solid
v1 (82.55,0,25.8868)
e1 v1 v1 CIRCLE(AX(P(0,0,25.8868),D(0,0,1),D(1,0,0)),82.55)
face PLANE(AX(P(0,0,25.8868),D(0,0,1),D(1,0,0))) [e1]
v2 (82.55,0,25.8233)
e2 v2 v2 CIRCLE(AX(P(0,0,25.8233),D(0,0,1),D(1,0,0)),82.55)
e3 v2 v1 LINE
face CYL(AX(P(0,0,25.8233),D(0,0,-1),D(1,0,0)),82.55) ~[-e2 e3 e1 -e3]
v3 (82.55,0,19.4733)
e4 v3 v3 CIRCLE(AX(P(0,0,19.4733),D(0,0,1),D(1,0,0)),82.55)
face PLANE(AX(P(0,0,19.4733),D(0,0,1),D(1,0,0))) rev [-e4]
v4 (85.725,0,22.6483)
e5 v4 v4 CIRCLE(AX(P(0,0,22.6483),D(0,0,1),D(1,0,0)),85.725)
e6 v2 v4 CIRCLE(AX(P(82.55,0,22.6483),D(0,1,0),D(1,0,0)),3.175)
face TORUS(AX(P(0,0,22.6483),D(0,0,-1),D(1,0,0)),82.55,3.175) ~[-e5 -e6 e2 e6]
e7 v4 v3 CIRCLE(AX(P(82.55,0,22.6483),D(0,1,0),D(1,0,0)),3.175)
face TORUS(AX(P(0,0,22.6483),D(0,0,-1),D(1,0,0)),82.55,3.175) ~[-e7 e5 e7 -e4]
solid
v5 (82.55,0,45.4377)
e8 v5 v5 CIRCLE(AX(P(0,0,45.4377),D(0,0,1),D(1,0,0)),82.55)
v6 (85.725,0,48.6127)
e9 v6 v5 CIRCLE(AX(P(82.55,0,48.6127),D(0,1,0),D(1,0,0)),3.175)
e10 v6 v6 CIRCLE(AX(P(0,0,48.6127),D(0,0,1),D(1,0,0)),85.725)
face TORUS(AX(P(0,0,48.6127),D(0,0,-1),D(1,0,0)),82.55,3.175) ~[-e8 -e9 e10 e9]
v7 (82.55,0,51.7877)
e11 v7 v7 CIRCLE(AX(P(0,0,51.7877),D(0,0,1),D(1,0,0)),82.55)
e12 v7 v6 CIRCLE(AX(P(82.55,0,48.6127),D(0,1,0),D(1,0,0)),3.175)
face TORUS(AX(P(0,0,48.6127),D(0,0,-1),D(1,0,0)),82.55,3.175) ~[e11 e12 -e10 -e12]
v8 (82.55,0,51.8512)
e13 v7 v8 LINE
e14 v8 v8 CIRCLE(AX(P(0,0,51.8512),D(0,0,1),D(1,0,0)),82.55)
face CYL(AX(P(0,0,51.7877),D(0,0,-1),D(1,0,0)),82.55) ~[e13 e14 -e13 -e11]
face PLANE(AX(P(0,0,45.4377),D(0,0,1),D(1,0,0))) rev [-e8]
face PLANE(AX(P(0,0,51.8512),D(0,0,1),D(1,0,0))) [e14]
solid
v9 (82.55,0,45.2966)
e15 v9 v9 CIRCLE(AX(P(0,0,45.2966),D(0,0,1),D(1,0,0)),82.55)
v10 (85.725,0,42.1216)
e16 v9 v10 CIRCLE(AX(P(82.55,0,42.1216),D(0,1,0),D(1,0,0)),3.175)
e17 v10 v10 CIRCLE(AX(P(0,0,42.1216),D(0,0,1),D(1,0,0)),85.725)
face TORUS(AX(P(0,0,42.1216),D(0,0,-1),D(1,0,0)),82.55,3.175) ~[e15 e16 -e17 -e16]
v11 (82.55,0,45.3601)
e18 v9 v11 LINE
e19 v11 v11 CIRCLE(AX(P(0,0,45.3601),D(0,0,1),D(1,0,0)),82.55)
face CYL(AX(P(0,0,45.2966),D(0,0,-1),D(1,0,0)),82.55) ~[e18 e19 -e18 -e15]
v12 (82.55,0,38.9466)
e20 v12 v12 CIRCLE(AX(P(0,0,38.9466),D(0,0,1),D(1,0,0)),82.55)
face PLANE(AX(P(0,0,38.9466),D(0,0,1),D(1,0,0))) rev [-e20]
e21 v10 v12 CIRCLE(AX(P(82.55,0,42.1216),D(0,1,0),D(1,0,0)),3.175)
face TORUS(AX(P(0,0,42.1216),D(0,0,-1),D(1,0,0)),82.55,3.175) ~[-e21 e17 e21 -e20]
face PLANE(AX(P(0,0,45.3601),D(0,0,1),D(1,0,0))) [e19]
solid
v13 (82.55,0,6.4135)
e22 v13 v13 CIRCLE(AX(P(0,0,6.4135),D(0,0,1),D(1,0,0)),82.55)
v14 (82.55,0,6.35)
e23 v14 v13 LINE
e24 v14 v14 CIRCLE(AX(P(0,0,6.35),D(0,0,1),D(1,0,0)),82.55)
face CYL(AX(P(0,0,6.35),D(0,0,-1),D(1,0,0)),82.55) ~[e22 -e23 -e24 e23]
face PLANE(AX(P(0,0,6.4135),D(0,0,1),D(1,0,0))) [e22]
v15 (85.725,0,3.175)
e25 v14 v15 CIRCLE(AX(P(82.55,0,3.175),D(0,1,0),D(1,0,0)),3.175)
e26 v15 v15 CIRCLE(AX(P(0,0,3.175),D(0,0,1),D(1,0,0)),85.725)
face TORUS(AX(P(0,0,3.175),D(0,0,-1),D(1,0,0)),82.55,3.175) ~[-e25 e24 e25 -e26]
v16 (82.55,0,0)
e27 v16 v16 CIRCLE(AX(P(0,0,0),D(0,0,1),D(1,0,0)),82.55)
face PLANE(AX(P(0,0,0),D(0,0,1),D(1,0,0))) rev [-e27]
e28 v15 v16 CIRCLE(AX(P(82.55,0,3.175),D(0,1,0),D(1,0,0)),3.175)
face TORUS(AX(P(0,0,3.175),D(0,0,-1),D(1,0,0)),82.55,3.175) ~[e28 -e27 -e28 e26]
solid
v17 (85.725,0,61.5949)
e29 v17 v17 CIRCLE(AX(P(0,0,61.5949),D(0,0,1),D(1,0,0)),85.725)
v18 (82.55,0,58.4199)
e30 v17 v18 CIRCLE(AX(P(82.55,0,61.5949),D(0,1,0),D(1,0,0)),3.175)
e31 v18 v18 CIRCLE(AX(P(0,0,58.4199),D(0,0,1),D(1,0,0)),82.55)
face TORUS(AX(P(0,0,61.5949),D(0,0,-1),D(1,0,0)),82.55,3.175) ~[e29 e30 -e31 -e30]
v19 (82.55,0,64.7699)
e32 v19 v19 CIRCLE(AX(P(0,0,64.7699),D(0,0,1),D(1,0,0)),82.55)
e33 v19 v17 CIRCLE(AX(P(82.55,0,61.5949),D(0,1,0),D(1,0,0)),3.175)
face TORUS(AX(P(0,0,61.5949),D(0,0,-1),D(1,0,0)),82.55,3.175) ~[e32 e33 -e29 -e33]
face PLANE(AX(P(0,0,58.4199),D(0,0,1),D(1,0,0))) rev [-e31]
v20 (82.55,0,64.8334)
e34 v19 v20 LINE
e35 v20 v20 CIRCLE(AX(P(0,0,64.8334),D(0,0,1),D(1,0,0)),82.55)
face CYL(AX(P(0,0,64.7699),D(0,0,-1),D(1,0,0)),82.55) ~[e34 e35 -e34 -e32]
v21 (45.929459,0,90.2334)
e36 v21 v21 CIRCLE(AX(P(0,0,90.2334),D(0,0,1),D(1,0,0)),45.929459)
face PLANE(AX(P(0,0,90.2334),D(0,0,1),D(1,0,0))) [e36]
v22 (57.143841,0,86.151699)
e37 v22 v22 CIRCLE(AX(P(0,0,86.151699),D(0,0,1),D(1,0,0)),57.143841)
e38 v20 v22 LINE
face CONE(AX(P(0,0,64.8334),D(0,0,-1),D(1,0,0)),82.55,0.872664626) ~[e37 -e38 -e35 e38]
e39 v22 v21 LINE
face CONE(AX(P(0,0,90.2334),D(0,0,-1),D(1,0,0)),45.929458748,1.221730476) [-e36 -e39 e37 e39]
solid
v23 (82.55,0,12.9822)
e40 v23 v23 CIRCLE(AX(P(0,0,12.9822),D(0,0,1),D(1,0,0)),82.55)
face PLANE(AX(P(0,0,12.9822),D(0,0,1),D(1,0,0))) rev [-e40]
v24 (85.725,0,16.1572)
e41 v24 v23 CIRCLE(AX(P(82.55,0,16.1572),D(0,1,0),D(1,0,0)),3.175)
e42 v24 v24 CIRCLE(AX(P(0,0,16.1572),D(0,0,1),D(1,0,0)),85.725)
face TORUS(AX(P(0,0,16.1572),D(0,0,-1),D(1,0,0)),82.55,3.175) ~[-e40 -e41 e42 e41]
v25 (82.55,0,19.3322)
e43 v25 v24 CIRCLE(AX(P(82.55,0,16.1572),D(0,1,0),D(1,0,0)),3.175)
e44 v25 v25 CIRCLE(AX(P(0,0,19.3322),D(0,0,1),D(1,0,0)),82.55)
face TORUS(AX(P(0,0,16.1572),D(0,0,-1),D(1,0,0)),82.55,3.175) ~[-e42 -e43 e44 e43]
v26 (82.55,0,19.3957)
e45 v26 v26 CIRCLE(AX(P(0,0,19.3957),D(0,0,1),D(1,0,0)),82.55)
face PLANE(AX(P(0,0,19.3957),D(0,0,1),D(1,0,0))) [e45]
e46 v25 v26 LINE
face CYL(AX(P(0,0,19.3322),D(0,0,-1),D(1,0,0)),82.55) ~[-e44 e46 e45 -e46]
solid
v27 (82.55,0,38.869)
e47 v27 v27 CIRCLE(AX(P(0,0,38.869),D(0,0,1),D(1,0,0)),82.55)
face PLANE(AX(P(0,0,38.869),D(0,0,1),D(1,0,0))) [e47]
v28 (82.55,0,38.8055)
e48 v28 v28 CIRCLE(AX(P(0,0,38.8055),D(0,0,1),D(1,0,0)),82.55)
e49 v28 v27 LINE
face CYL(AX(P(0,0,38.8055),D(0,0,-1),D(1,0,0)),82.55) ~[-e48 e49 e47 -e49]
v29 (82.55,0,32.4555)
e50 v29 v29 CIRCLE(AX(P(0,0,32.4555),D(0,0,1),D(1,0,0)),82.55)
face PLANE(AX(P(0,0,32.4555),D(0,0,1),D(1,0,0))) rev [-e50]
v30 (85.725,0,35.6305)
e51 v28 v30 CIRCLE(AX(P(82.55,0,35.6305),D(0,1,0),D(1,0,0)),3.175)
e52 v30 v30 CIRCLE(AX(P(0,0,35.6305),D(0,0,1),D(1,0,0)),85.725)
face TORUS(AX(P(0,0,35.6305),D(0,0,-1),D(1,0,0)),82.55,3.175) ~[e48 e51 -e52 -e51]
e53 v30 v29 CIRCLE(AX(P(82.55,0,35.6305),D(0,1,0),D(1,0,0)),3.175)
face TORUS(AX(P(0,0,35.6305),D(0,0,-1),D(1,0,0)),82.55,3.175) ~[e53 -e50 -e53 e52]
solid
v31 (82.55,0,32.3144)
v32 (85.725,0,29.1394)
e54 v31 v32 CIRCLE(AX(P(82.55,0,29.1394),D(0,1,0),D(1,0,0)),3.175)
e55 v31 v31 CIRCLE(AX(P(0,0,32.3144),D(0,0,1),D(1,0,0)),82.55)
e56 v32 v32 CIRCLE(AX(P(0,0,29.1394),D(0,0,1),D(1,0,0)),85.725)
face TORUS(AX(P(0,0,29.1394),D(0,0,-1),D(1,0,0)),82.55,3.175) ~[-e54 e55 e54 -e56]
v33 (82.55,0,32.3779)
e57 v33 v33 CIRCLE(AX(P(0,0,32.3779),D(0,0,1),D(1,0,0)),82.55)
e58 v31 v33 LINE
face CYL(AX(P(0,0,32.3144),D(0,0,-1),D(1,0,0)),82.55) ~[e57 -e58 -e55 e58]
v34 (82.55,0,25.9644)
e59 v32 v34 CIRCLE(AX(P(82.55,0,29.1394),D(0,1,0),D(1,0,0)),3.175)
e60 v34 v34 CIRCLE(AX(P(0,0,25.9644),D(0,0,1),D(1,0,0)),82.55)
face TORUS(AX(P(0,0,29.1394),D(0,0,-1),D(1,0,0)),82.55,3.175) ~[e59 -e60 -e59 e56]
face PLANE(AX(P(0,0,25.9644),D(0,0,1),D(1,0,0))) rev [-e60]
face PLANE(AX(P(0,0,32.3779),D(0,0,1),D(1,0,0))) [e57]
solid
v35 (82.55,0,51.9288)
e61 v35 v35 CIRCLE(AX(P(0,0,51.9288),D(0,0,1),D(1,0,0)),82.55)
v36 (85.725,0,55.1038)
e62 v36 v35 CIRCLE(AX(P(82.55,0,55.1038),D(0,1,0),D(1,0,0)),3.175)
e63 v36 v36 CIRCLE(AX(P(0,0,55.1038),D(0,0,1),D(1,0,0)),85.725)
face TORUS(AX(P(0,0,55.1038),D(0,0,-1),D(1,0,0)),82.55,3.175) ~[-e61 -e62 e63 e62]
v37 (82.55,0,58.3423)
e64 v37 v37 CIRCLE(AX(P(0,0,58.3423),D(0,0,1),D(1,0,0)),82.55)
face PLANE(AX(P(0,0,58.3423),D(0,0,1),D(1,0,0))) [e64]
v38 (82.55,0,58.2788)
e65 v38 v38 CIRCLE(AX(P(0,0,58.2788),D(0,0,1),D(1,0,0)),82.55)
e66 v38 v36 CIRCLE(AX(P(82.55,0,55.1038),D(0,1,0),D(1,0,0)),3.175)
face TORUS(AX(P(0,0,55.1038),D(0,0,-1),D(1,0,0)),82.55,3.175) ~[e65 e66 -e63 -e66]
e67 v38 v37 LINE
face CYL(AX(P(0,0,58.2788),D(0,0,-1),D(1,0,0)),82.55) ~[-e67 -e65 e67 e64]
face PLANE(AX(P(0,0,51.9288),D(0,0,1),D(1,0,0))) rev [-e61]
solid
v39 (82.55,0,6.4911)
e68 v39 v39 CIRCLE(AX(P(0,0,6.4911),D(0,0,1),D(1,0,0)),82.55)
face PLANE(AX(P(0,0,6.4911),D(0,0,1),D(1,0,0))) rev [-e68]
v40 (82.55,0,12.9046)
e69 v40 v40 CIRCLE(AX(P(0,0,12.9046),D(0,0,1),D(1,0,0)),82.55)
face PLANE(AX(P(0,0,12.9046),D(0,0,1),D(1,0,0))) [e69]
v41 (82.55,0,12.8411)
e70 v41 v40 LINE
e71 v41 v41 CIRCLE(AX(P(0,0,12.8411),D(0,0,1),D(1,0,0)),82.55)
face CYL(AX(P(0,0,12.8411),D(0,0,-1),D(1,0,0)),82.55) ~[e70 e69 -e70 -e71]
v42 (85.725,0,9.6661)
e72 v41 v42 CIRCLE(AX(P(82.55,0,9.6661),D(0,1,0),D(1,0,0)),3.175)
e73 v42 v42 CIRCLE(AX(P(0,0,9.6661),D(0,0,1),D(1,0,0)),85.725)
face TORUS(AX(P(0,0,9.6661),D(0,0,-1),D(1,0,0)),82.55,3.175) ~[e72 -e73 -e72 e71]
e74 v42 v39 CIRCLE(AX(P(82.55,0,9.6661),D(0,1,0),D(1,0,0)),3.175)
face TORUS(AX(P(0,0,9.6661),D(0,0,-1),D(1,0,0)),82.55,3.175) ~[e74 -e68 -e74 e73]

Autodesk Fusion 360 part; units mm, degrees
sketch "Sketch1" plane through (0, 0, 0) normal (0, 1, 0) x (1, 0, 0)
  line L0 (0, 0) -> (82.55, 0)
  line L1 (82.55, 0) -> (82.55, -6.35)
  line L2 (82.55, -6.35) -> (0, -6.35)
  line L3 (0, -6.35) -> (0, 0)
  circle A0 centre (82.55, -3.175) radius 3.175
revolve "Revolve1" add sketch "Sketch1" angle 360 about axis through (0, 0, 1.75) along (0, 0, 1) makes body 1
extrude "Extrude1" add 1 faces at (-14.0657, -19.729, 6.35) along direction (0, 0, 1) blind 0.0635 on bodies 1 bodies 1
pattern_linear "R-Pattern1" count 10 spacing 6.4911 along (0, 0, 1) of bodies 1 makes body 2 at (-14.0657, -19.729, 12.9046) makes body 3 at (-14.0657, -19.729, 19.3957) makes body 4 at (-14.0657, -19.729, 25.8868) makes body 5 at (-14.0657, -19.729, 32.3779) makes body 6 at (-14.0657, -19.729, 38.8691) makes body 7 at (-14.0657, -19.729, 45.3602) makes body 8 at (-14.0657, -19.729, 51.8513) makes body 9 at (-14.0657, -19.729, 58.3424) makes body 10 at (-14.0657, -19.729, 64.8335)
extrude "Extrude2" add 1 faces at (-14.0657, -19.729, 64.8335) along direction (0, 0, 1) blind 25.4 draft -50 on bodies 10 bodies 10
chamfer "Chamfer1" distance 6.35 angle 45 1 faces at (6.9462, -18.7611, 90.2335) on bodies 10
